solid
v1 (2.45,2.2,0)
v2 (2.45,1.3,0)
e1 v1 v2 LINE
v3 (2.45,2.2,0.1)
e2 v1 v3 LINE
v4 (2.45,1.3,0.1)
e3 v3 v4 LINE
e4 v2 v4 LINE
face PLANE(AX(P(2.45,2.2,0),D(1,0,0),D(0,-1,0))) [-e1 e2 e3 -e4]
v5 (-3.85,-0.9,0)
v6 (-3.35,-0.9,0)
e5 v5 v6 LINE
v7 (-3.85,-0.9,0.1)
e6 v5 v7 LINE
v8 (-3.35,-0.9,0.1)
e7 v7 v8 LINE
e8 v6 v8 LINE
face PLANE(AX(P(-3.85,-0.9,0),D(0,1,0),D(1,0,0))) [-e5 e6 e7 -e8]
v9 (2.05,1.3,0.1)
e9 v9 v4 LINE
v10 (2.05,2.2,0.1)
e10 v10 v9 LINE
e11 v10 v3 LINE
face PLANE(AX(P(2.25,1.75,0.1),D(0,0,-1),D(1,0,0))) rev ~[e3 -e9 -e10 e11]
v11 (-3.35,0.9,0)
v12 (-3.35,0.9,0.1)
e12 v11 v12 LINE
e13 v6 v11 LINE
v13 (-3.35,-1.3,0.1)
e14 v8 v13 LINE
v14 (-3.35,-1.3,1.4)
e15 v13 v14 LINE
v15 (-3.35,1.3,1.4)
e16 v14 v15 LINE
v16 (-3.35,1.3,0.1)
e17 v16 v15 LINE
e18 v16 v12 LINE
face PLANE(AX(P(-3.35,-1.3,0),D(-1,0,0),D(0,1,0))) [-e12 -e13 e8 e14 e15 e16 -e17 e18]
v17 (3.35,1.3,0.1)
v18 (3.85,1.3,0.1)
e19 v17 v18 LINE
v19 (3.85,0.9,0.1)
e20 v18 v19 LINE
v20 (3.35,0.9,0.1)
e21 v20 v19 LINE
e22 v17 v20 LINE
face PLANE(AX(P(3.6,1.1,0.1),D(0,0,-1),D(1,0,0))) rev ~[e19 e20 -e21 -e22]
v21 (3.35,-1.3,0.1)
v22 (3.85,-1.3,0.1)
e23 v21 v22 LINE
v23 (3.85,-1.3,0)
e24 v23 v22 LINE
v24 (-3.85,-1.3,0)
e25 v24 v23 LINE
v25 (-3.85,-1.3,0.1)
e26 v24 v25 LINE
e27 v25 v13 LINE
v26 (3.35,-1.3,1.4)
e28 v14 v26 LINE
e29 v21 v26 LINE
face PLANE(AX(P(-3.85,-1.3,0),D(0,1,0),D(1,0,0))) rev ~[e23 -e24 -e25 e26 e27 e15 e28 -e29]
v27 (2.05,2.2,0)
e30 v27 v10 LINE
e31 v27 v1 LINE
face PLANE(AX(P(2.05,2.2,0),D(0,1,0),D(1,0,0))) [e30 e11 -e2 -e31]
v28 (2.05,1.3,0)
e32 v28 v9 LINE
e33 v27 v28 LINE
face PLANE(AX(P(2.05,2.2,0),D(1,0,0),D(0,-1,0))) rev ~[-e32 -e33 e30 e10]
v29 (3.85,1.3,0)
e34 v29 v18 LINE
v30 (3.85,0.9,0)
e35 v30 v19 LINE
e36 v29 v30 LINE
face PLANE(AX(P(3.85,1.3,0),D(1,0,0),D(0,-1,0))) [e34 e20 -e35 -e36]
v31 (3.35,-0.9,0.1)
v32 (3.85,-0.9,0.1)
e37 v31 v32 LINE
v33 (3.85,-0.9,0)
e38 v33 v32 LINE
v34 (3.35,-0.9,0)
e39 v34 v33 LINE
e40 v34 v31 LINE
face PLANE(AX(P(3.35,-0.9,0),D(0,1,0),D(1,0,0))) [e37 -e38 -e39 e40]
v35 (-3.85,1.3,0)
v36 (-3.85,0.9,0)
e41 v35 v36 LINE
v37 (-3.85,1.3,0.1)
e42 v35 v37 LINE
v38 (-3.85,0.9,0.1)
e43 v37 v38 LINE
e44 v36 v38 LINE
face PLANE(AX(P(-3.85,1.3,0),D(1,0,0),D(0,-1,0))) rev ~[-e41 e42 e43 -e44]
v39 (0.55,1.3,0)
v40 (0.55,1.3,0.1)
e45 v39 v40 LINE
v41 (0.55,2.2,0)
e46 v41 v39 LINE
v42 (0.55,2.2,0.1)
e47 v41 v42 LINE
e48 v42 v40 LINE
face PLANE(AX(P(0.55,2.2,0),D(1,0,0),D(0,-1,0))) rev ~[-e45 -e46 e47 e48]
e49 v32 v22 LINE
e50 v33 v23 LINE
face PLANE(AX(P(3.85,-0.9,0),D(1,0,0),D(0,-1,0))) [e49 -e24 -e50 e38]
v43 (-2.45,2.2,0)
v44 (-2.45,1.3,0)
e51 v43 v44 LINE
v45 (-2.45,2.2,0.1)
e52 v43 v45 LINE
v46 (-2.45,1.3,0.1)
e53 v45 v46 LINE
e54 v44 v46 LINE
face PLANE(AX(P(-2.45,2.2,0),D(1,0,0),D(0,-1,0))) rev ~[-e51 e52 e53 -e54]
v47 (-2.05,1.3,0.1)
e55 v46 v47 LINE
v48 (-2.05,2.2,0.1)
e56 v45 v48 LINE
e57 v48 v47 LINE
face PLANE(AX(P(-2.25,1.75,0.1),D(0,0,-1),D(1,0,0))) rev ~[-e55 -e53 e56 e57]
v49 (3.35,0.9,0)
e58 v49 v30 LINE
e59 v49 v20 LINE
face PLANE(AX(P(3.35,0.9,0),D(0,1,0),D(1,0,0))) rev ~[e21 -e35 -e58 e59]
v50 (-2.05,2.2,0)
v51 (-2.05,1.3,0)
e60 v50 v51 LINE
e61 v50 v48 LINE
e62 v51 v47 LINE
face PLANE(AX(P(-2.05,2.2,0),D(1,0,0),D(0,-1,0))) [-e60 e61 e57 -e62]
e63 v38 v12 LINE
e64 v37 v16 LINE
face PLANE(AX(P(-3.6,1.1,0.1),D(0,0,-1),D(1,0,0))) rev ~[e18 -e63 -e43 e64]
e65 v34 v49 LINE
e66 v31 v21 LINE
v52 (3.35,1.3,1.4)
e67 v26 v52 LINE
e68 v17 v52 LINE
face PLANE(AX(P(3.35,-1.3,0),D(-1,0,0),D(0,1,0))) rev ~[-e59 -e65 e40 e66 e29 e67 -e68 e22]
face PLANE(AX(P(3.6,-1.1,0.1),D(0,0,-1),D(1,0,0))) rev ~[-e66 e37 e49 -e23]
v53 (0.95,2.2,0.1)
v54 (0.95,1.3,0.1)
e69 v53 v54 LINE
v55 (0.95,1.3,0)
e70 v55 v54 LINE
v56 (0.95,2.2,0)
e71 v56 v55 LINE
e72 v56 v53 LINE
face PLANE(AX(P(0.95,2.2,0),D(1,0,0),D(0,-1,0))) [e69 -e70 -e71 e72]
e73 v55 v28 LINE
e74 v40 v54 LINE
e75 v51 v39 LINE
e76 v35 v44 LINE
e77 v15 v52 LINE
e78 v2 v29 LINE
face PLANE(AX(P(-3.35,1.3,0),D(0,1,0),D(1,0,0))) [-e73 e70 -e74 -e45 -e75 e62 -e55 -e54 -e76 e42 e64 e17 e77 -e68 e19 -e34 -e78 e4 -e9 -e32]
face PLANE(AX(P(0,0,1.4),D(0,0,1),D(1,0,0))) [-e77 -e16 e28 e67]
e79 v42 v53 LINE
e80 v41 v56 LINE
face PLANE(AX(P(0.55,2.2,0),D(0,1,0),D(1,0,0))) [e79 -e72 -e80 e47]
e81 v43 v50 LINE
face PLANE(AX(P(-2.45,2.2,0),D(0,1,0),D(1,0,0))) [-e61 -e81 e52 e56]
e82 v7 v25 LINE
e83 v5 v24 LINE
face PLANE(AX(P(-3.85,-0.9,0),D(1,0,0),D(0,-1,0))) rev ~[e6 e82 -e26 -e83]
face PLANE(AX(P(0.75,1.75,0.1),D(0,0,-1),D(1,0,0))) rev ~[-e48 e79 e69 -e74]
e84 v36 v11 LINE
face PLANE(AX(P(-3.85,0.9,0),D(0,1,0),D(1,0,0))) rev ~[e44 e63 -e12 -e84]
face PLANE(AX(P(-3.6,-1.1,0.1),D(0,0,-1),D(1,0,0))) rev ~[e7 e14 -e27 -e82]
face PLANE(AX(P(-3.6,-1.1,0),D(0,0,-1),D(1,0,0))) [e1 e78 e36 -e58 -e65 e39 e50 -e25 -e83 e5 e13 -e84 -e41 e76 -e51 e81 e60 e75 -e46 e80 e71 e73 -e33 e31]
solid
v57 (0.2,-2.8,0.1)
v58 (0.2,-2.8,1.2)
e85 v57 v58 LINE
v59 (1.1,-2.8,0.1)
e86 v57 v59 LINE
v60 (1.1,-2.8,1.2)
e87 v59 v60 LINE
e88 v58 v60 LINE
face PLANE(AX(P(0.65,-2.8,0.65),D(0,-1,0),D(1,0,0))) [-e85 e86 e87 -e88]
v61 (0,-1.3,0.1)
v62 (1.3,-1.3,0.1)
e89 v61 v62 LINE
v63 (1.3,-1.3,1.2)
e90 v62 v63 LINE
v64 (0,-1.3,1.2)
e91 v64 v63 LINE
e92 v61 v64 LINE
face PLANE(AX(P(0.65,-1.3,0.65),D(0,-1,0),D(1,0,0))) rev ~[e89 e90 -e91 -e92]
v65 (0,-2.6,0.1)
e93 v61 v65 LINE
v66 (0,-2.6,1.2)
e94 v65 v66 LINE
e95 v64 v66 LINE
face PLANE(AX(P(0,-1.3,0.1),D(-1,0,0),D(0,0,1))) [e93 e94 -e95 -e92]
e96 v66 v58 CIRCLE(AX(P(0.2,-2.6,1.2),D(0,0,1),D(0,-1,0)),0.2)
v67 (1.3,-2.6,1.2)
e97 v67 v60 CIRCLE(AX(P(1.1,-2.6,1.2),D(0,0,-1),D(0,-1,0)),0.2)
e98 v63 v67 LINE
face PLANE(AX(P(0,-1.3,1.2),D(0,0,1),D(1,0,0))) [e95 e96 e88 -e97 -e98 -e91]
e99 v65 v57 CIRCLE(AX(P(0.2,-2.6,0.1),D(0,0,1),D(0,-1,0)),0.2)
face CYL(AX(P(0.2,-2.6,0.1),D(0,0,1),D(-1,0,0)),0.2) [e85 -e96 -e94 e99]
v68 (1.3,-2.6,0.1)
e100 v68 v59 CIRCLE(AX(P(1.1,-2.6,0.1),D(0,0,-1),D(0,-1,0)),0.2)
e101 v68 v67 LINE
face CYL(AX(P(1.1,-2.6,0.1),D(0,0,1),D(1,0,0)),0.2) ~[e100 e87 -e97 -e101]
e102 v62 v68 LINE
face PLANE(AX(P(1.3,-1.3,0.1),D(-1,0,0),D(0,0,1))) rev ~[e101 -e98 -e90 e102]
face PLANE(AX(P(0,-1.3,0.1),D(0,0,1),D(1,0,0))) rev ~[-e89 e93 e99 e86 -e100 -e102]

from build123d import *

# Parameters (mm, degrees)
F0_W     = 6.7
F0_H     = 2.6
F1_DEPTH = 1.4
F2_W     = 1.3
F2_H     = 1.1
F3_DEPTH = 1.5
F4_W     = 0.5
F4_H     = 0.4
F4_W_2   = 0.4
F4_H_2   = 0.9
F5_DEPTH = 0.1
F6_R     = 0.2


with BuildPart() as f1:
    # F0 (on Top) → F1 (new body)
    with BuildSketch(Plane.XY):
        Rectangle(F0_W, F0_H)
    extrude(amount=F1_DEPTH)

    # F4 (on face) → F5 (join)
    with BuildSketch(Plane(origin=(0, 0, 0), x_dir=(1, 0, 0), z_dir=(0, 0, -1))):
        with Locations((-3.6, 1.1)):
            Rectangle(F4_W, F4_H)
        with Locations((-3.6, -1.1)):
            Rectangle(F4_W, F4_H)
        with Locations((3.6, -1.1)):
            Rectangle(F4_W, F4_H)
        with Locations((3.6, 1.1)):
            Rectangle(F4_W, F4_H)
        with Locations((0.75, -1.75)):
            Rectangle(F4_W_2, F4_H_2)
        with Locations((2.25, -1.75)):
            Rectangle(F4_W_2, F4_H_2)
        with Locations((-2.25, -1.75)):
            Rectangle(F4_W_2, F4_H_2)
    extrude(amount=-F5_DEPTH)


with BuildPart() as f3:
    # F2 (on face) → F3 (new body)
    with BuildSketch(Plane.XZ.offset(1.3)):
        with Locations((0.65, 0.65)):
            Rectangle(F2_W, F2_H)
    extrude(amount=F3_DEPTH)

    # F6
    f6_edges = [f3.edges().sort_by_distance(p)[0] for p in [
        (0, -2.8, 0.65),
        (1.3, -2.8, 0.65),
    ]]
    fillet(f6_edges, radius=F6_R)


solid = Compound([f1.part, f3.part])
